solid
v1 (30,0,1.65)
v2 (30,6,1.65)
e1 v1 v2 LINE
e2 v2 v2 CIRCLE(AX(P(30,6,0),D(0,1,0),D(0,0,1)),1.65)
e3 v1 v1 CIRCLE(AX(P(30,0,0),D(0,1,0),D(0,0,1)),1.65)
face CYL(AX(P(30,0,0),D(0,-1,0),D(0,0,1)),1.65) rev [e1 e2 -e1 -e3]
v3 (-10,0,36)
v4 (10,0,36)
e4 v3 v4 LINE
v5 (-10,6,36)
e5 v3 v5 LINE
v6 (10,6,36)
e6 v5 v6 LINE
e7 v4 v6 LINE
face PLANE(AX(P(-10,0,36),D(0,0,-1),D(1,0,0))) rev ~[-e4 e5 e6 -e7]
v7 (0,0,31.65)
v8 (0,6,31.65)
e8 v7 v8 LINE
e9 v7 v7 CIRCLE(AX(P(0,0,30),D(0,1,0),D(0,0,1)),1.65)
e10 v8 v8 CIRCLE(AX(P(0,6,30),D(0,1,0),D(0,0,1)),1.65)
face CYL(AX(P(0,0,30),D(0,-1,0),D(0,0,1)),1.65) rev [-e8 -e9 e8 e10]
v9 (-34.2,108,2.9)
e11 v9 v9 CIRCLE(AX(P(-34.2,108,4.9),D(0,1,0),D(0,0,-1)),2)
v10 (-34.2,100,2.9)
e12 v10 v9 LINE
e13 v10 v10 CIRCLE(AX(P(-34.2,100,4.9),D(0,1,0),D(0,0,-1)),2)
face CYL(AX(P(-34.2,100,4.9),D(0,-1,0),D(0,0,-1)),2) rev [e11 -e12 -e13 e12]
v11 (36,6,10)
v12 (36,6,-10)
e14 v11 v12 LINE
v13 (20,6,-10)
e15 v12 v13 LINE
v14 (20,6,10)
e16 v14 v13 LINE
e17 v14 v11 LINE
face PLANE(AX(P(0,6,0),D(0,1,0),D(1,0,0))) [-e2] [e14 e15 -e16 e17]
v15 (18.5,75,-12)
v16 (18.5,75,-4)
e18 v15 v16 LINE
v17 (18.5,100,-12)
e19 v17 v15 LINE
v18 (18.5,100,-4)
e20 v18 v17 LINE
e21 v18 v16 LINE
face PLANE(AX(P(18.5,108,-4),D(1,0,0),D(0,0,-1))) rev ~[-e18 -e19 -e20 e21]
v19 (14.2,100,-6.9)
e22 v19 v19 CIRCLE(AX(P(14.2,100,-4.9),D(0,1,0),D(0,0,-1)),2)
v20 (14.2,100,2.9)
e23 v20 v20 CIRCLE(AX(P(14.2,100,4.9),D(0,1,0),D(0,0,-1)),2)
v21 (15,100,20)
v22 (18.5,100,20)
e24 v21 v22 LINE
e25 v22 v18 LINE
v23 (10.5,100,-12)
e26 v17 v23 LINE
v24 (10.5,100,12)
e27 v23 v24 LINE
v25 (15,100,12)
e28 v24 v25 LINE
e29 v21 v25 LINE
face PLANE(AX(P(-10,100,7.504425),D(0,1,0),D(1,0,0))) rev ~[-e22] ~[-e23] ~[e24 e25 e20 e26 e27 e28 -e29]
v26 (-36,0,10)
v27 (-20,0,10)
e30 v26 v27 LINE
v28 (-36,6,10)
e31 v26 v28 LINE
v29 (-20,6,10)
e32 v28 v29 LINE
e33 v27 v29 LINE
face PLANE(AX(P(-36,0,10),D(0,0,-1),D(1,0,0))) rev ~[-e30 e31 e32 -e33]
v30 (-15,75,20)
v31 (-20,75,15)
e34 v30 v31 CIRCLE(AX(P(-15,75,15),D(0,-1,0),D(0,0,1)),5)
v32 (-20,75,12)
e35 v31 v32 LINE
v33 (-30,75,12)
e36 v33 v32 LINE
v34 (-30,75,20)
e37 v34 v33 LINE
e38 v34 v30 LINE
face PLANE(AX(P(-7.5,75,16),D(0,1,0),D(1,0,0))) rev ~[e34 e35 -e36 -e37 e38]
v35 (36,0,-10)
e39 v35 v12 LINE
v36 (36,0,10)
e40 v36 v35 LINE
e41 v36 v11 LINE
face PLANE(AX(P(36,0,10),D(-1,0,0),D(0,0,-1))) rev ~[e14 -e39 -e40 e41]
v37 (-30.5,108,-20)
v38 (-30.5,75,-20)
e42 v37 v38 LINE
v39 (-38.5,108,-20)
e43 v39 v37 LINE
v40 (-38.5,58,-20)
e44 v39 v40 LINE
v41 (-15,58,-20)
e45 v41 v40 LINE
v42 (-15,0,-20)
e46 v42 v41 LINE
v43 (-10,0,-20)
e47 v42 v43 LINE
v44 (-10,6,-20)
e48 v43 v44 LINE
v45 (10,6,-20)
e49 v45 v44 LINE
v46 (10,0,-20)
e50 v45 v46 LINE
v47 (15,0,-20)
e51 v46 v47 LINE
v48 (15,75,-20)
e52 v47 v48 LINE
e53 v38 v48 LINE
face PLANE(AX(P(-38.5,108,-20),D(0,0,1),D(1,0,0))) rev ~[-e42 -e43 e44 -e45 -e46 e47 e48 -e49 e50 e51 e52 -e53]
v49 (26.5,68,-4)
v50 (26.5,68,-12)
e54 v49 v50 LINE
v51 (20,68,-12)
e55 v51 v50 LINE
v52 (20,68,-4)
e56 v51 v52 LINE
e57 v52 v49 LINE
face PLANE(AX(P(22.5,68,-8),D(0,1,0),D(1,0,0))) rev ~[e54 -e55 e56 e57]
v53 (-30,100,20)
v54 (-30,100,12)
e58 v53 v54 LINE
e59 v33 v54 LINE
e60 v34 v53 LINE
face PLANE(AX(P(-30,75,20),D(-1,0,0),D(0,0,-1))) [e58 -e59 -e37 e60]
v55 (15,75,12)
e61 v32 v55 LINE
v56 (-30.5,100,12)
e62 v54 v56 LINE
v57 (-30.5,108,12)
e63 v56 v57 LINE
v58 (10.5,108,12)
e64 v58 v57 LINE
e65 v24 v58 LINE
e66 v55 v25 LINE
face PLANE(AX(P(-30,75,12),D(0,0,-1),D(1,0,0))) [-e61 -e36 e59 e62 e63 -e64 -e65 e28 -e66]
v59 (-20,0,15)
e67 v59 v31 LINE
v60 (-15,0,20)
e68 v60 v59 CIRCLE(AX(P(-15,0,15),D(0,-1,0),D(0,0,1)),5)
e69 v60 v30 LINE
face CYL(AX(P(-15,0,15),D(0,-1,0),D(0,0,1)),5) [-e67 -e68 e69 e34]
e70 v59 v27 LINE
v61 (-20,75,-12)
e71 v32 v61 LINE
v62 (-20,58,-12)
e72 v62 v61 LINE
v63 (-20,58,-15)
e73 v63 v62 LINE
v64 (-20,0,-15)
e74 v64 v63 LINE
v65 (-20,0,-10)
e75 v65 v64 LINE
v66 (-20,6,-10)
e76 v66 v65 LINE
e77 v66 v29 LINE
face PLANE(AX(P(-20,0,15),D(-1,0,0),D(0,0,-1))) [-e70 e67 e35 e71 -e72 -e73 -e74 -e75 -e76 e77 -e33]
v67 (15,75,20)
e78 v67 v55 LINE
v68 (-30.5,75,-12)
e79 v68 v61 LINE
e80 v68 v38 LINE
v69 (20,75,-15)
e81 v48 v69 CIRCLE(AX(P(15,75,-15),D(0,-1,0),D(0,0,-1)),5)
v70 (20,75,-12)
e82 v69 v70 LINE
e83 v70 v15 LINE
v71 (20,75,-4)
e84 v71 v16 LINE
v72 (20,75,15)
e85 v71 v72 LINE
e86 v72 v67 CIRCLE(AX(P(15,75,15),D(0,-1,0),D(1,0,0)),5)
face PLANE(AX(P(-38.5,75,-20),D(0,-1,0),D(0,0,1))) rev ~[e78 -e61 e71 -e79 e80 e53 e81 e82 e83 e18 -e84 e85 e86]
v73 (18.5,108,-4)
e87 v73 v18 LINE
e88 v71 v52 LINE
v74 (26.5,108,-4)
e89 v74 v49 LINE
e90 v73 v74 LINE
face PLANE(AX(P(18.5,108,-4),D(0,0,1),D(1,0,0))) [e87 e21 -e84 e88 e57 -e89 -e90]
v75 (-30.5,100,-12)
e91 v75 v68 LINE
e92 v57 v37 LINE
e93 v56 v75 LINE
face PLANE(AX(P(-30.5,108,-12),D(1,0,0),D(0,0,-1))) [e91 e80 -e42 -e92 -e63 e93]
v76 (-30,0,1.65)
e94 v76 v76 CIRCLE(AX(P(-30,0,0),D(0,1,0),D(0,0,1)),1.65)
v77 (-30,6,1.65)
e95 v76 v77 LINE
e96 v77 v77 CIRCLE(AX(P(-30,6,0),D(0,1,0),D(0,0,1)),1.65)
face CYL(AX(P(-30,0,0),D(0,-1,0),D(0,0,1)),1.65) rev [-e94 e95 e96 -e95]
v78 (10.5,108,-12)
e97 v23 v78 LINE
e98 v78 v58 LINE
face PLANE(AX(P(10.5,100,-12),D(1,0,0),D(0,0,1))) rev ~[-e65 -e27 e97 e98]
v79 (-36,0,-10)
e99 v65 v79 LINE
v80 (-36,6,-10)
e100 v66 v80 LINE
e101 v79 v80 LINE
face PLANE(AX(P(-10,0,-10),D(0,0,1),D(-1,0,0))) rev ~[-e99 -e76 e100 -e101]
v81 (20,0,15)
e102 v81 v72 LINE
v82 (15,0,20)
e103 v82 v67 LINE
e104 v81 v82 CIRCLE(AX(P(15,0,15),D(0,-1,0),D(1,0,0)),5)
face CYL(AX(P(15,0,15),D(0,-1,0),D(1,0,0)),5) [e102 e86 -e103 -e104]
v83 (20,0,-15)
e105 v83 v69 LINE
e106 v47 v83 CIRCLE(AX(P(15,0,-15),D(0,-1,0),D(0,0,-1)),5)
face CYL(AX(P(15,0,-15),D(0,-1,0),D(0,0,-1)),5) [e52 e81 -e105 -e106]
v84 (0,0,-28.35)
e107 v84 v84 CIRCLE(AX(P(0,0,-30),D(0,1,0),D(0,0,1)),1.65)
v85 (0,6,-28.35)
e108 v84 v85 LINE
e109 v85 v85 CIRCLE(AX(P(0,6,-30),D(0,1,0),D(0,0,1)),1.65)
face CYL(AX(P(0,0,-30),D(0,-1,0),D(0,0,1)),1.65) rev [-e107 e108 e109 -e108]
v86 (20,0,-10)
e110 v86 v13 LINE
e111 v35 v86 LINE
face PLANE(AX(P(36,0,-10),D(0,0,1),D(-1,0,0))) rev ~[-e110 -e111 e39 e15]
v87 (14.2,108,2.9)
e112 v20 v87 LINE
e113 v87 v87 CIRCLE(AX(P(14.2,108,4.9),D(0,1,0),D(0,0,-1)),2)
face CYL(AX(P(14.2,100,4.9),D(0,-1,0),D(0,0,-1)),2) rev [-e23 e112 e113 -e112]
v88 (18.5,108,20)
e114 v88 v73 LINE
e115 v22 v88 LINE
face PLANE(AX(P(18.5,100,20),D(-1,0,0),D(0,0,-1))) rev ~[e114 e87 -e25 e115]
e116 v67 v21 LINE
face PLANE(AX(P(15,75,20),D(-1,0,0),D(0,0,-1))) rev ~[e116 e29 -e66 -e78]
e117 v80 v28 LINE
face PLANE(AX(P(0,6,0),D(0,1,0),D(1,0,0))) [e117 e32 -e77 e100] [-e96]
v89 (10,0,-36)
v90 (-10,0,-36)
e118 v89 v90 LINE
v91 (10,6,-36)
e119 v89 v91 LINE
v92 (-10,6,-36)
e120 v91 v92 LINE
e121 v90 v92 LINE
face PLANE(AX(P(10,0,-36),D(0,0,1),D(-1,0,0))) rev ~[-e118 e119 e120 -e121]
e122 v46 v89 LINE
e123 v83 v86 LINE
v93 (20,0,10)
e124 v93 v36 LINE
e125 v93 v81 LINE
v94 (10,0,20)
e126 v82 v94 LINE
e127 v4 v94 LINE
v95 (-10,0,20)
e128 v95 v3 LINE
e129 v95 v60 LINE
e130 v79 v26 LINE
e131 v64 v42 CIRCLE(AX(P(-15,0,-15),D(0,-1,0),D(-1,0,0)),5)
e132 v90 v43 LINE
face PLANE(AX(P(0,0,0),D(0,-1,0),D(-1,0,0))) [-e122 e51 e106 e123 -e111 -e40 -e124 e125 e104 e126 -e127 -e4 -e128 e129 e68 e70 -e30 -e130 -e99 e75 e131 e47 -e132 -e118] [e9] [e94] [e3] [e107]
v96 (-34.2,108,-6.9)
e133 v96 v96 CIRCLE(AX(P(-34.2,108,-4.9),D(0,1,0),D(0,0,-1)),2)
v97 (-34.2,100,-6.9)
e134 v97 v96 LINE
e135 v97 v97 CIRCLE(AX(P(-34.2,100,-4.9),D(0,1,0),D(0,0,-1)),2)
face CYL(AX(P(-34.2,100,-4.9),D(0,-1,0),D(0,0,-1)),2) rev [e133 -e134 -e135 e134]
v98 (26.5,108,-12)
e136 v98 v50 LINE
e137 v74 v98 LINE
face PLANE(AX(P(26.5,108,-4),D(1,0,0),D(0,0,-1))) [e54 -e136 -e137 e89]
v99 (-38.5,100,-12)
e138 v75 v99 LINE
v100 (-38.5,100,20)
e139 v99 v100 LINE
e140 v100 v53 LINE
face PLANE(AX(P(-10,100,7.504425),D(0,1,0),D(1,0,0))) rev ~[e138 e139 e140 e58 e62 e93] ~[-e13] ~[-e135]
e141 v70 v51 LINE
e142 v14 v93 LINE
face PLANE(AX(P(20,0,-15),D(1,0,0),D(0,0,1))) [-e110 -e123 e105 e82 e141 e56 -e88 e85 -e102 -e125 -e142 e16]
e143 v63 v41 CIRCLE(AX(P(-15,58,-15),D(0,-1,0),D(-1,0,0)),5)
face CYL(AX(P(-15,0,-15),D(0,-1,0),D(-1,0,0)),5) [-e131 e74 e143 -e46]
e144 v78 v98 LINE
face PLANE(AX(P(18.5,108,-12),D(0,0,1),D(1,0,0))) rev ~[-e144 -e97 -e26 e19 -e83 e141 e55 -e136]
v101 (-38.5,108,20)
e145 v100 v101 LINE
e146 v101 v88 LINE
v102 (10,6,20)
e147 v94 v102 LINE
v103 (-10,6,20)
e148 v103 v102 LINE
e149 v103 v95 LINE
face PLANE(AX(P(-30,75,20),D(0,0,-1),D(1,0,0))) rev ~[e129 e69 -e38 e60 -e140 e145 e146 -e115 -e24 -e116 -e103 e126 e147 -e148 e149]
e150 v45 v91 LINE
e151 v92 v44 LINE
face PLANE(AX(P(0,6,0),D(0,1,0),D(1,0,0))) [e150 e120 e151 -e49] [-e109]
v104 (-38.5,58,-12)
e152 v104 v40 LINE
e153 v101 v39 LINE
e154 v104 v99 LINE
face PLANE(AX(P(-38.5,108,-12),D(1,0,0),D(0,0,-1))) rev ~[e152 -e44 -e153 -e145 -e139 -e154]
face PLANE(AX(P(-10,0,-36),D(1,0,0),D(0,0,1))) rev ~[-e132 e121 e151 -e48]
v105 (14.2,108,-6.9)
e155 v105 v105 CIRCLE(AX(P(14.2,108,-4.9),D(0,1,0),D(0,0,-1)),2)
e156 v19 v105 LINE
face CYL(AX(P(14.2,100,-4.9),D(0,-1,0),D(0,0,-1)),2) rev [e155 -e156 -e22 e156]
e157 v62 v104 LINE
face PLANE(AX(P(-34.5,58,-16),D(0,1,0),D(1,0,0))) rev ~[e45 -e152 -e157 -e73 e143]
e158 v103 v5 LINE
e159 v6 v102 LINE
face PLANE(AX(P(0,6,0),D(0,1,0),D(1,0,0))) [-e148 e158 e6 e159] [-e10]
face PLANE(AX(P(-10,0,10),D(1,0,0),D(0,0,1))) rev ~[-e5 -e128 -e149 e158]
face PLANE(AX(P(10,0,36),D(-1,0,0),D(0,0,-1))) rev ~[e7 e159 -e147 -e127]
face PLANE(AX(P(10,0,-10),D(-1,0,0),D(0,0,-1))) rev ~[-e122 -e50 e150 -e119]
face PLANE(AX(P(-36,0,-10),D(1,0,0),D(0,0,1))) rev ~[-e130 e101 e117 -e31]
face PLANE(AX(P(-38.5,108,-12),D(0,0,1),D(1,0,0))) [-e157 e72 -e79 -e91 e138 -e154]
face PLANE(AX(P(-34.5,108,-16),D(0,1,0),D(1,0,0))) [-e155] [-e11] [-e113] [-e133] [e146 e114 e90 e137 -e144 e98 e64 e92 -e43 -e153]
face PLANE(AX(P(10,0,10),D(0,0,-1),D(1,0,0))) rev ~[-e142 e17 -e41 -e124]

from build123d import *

# Parameters (mm, degrees)
SKETCH_1_R      = 1.65
EXTRUDE_1_DEPTH = 6
EXTRUDE_2_DEPTH = 75
EXTRUDE_START   = 25
SKETCH_3_R      = 2
EXTRUDE_3_DEPTH = 8
EXTRUDE_4_REACH = 93.669
SKETCH_5_W      = 45
SKETCH_5_H      = 8
EXTRUDE_START_2 = 33
SKETCH_6_W      = 8
SKETCH_6_H      = 8
EXTRUDE_5_DEPTH = 40
SKETCH_7_W      = 8
SKETCH_7_H      = 8
EXTRUDE_6_DEPTH = 50
SKETCH_8_W      = 8
SKETCH_8_H      = 17
EXTRUDE_7_DEPTH = 40


with BuildPart() as part:
    # 草图1 → 凸台-拉伸1 (new body)
    with BuildSketch(Plane(origin=(0, 0, 0), x_dir=(1, 0, 0), z_dir=(0, 1, 0))):
        Polygon((-10, 36), (-10, 10), (-36, 10), (-36, -10), (-10, -10), (-10, -36), (10, -36), (10, -10), (36, -10), (36, 10), (10, 10), (10, 36), align=None)
        with Locations(Location((0, 30, 0), (0, 0, 270))):
            Circle(SKETCH_1_R, mode=Mode.SUBTRACT)
        with Locations(Location((30, 0, 0), (0, 0, 270))):
            Circle(SKETCH_1_R, mode=Mode.SUBTRACT)
        with Locations(Location((0, -30, 0), (0, 0, 270))):
            Circle(SKETCH_1_R, mode=Mode.SUBTRACT)
        with Locations(Location((-30, 0, 0), (0, 0, 270))):
            Circle(SKETCH_1_R, mode=Mode.SUBTRACT)
    extrude(amount=EXTRUDE_1_DEPTH)

    # 草图2 → 凸台-拉伸2 (add)
    with BuildSketch(Plane(origin=(0, 0, 0), x_dir=(1, 0, 0), z_dir=(0, 1, 0))):
        with BuildLine():
            Line((-15, 20), (15, 20))
            ThreePointArc((15, 20), (18.535533906, 18.535533906), (20, 15))
            Line((20, 15), (20, -15))
            ThreePointArc((20, -15), (18.535533906, -18.535533906), (15, -20))
            Line((15, -20), (-15, -20))
            ThreePointArc((-15, -20), (-18.535533906, -18.535533906), (-20, -15))
            Line((-20, -15), (-20, 15))
            ThreePointArc((-20, 15), (-18.535533906, 18.535533906), (-15, 20))
        make_face()
    extrude(amount=EXTRUDE_2_DEPTH)


with BuildPart() as body_2:
    # 草图3 → 凸台-拉伸3 (new body)
    with BuildSketch(Plane(origin=(0, 75, 0), x_dir=(1, 0, 0), z_dir=(0, 1, 0)).offset(EXTRUDE_START)):
        Polygon((-38.5, -20), (18.5, -20), (18.5, 12), (10.5, 12), (10.5, -12), (-30.5, -12), (-30.5, 12), (-38.5, 12), align=None)
        with Locations(Location((-34.2, -4.9, 0), (0, 0, 90))):
            Circle(SKETCH_3_R, mode=Mode.SUBTRACT)
        with Locations(Location((-34.2, 4.9, 0), (0, 0, 90))):
            Circle(SKETCH_3_R, mode=Mode.SUBTRACT)
        with Locations(Location((14.2, -4.9, 0), (0, 0, 90))):
            Circle(SKETCH_3_R, mode=Mode.SUBTRACT)
        with Locations(Location((14.2, 4.9, 0), (0, 0, 90))):
            Circle(SKETCH_3_R, mode=Mode.SUBTRACT)
    extrude(amount=EXTRUDE_3_DEPTH)

    # 草图5 → 凸台-拉伸4 (add, up to next)
    with BuildSketch(Plane(origin=(0, 75, 0), x_dir=(1, 0, 0), z_dir=(0, 1, 0)), mode=Mode.PRIVATE) as extrude_4_sk1:
        with Locations((-7.5, -16)):
            Rectangle(SKETCH_5_W, SKETCH_5_H)
    extrude_4_tool1 = extrude(extrude_4_sk1.sketch, amount=EXTRUDE_4_REACH, mode=Mode.PRIVATE) - body_2.part

    add(part.part)  # 凸台-拉伸4 merges part
    add(extrude_4_tool1.solids().sort_by_distance((-7.5, 75, 16))[0])

    # 草图6 → 凸台-拉伸5 (add)
    with BuildSketch(Plane(origin=(0, 75, 0), x_dir=(1, 0, 0), z_dir=(0, 1, 0)).offset(EXTRUDE_START_2)):
        with Locations((22.5, 8)):
            Rectangle(SKETCH_6_W, SKETCH_6_H)
    extrude(amount=-EXTRUDE_5_DEPTH)

    # 草图7 → 凸台-拉伸6 (add)
    with BuildSketch(Plane(origin=(0, 108, 0), x_dir=(1, 0, 0), z_dir=(0, 1, 0))):
        with Locations((-34.5, 16)):
            Rectangle(SKETCH_7_W, SKETCH_7_H)
    extrude(amount=-EXTRUDE_6_DEPTH)

    # 草图8 → 凸台-拉伸7 (add)
    with BuildSketch(Plane.ZY.offset(38.5)):
        with Locations((-16, 66.5)):
            Rectangle(SKETCH_8_W, SKETCH_8_H)
    extrude(amount=-EXTRUDE_7_DEPTH)


solid = body_2.part
